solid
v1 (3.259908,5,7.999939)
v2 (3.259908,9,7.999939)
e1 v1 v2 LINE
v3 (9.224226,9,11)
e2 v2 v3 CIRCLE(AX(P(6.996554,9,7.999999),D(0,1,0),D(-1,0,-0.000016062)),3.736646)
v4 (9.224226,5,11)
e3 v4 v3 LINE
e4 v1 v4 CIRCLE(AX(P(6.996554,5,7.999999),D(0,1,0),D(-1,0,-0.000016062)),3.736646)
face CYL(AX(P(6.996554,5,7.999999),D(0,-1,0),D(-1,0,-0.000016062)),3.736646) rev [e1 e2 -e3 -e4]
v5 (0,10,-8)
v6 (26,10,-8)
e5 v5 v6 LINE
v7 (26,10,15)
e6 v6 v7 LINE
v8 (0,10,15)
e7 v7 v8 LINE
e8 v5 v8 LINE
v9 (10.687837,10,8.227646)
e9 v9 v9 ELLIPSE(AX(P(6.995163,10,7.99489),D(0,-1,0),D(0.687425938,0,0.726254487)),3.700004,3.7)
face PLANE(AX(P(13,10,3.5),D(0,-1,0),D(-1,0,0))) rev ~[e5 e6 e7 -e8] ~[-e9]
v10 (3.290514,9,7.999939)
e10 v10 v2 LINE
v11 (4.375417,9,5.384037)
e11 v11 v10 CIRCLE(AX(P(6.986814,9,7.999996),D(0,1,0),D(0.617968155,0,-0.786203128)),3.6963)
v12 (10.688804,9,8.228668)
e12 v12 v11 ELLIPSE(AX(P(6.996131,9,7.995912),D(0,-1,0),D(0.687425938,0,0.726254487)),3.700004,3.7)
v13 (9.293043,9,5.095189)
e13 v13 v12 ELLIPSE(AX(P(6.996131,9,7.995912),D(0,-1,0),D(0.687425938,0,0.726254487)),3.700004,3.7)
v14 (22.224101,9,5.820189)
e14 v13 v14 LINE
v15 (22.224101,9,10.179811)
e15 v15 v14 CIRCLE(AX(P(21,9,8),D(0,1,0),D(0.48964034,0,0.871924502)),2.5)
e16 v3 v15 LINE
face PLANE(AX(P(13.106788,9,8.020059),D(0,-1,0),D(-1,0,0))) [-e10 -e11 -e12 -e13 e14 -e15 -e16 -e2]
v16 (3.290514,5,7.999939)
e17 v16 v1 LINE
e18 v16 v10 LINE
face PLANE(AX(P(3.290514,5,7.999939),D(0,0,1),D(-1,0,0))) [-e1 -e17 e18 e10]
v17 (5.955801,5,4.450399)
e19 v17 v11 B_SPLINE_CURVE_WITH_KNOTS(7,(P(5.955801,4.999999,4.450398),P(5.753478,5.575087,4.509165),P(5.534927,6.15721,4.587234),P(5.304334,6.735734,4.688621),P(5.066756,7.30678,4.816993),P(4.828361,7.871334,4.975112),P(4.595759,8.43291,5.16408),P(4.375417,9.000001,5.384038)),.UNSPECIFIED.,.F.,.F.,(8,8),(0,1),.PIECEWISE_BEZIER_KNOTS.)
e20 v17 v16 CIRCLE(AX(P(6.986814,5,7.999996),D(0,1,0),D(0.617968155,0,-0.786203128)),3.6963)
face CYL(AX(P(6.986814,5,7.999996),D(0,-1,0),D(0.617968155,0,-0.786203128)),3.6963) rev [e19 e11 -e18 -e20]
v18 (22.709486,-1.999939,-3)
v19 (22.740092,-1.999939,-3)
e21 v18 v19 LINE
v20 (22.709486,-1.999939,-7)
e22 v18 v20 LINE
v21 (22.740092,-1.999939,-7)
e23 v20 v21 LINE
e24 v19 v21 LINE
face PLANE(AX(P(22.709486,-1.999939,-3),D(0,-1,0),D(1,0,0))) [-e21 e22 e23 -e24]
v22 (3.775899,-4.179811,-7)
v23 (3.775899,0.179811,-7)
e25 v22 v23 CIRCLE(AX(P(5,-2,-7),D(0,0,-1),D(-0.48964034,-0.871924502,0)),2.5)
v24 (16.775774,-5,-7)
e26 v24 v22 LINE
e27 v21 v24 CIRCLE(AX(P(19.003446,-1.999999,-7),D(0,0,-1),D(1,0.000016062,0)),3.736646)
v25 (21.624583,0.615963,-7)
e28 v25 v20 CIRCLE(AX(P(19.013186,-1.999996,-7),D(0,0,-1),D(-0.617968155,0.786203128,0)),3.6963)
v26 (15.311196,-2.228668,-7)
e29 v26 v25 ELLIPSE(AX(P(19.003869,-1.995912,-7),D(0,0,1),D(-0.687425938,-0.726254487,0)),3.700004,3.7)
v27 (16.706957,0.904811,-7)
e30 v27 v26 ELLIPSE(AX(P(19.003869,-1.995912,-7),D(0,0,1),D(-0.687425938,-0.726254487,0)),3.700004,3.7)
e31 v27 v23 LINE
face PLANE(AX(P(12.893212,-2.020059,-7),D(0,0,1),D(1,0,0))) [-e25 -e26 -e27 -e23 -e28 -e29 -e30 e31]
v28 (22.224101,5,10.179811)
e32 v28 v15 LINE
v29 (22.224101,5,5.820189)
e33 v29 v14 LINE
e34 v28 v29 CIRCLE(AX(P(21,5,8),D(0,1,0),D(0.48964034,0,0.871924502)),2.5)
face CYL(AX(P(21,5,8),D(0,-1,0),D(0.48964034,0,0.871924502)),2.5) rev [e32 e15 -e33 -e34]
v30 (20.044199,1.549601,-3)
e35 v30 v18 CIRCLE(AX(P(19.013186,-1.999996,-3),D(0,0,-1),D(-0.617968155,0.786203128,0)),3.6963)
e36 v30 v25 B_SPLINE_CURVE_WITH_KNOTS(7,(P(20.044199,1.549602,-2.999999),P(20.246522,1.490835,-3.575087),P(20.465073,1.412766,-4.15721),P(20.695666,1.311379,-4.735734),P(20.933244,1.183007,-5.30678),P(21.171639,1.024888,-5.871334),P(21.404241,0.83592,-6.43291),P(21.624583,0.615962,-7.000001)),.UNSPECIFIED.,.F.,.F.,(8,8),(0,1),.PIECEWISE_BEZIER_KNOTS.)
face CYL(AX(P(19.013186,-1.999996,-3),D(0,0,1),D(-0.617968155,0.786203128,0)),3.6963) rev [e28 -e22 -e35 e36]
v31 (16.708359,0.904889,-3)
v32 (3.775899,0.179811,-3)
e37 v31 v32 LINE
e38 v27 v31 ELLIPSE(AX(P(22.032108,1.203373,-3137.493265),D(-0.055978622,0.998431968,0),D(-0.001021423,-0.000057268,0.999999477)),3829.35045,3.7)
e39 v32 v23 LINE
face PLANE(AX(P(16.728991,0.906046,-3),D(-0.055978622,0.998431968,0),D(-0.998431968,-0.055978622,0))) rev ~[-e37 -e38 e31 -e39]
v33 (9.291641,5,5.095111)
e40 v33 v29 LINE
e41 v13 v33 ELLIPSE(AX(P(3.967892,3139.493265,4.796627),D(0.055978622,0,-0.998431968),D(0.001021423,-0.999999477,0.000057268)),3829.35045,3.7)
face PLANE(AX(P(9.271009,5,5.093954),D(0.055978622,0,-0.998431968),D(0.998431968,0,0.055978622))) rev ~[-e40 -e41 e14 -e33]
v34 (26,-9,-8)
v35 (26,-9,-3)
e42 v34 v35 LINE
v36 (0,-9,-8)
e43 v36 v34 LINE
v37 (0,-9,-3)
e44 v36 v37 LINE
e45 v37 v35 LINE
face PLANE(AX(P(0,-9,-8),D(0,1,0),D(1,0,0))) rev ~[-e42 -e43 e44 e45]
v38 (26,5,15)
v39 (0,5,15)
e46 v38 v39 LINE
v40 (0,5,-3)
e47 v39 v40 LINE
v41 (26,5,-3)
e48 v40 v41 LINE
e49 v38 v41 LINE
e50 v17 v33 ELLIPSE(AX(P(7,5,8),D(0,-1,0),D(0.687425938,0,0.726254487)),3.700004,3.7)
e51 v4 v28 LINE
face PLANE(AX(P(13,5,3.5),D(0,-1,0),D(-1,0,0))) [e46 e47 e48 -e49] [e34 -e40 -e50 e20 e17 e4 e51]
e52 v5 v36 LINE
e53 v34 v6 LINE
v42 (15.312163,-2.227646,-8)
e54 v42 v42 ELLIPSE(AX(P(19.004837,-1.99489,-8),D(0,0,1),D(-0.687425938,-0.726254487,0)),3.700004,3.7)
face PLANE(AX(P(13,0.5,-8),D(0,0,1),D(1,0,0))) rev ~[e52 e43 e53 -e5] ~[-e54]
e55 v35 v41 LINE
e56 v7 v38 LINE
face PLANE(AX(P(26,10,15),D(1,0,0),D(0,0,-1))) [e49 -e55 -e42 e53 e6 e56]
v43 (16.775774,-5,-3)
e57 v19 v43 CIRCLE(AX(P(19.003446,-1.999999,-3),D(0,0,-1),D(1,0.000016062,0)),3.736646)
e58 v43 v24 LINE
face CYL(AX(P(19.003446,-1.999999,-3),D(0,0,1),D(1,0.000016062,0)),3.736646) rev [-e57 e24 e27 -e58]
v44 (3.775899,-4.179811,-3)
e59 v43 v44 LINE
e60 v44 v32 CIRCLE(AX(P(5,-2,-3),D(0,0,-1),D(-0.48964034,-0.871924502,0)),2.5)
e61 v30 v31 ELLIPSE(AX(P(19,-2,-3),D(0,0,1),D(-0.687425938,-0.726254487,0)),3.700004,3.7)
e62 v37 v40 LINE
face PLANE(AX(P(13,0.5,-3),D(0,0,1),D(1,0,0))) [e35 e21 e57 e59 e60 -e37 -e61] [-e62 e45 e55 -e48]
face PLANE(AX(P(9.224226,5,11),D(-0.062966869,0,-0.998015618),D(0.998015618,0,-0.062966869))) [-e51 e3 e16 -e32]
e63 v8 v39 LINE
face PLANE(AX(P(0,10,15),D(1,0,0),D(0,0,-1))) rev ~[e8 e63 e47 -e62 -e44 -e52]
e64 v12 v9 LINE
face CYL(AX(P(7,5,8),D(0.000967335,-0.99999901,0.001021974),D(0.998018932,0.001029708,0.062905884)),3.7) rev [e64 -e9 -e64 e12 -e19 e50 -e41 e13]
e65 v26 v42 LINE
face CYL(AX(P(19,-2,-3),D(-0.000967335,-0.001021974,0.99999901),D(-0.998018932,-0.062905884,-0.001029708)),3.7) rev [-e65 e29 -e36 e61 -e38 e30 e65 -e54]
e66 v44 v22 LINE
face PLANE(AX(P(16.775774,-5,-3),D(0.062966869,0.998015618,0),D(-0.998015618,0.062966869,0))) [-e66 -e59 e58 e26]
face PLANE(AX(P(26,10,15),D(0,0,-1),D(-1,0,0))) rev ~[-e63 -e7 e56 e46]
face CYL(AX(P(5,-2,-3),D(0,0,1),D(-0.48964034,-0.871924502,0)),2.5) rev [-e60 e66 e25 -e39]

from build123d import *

# Parameters (mm, degrees)
CYLINDER021_R               = 3.7
CYLINDER021_DEPTH           = 8
CYLINDER021_ROLL_ANGLE      = 89.941329
CYLINDER021_PITCH_ANGLE     = 3.606623
CYLINDER021_PLACEMENT_ANGLE = -0.059115
PAD028_DEPTH                = 4
FUSION020_ROLL_ANGLE        = 90
FUSION020_PLACEMENT_ANGLE   = 180
BOX005_W                    = 26
BOX005_H                    = 23
BOX005_DEPTH                = 5
CUT025_ROLL_ANGLE           = -90
CUT025_PLACEMENT_ANGLE      = 180
CYLINDER020_R               = 3.7
CYLINDER020_DEPTH           = 8
CYLINDER020_ROLL_ANGLE      = 89.941329
CYLINDER020_PITCH_ANGLE     = 3.606623
CYLINDER020_PLACEMENT_ANGLE = -0.059115
PAD027_DEPTH                = 4
FUSION019_ROLL_ANGLE        = 90
FUSION019_PLACEMENT_ANGLE   = 180
BOX004_W                    = 26
BOX004_H                    = 19
BOX004_DEPTH                = 5


with BuildPart() as cylinder021:
    # Cylinder021 → Cylinder021 (new body)
    with BuildSketch(Plane.XY):
        Circle(CYLINDER021_R)
    extrude(amount=CYLINDER021_DEPTH)


with BuildPart() as cylinder021_1:
    # Cylinder021 roll: moved
    add(cylinder021.part.rotate(Axis((0, 0, 0), (1, 0, 0)), CYLINDER021_ROLL_ANGLE))


with BuildPart() as cylinder021_2:
    # Cylinder021 pitch: moved
    add(cylinder021_1.part.rotate(Axis((0, 0, 0), (0, 1, 0)), CYLINDER021_PITCH_ANGLE))


with BuildPart() as cylinder021_3:
    # Cylinder021 placement: moved
    add(cylinder021_2.part.moved(Location((21, 34, 6))).rotate(Axis((21, 34, 6), (0, 0, 1)), CYLINDER021_PLACEMENT_ANGLE))


with BuildPart() as servoagarre009:
    # Sketch028 → Pad028 (new body)
    with BuildSketch(Plane.XZ):
        with BuildLine():
            Line((2.271009, 2.906046), (15.224101, 2.179811))
            ThreePointArc((15.224101, -2.179811), (16.5, 0), (15.224101, 2.179811))
            Line((2.224226, -3), (15.224101, -2.179811))
            ThreePointArc((-3.740092, 6.1e-05), (-1.682535, -3.33814), (2.224226, -3))
            Line((-3.709486, 6.1e-05), (-3.740092, 6.1e-05))
            ThreePointArc((2.271009, 2.906046), (-1.628642, 3.324599), (-3.709486, 6.1e-05))
        make_face()
    extrude(amount=PAD028_DEPTH)


with BuildPart() as servoagarre009_1:
    # Body031 placement: moved
    add(servoagarre009.part.moved(Location((21, 34, 6))))

    # Fusion020: union Cylinder021
    add(cylinder021_3.part)


with BuildPart() as servoagarre009_2:
    # Fusion020 roll: moved
    add(servoagarre009_1.part.rotate(Axis((0, 0, 0), (1, 0, 0)), FUSION020_ROLL_ANGLE))


with BuildPart() as servoagarre009_3:
    # Fusion020 placement: moved
    add(servoagarre009_2.part.moved(Location((40, -8, -37))).rotate(Axis((40, -8, -37), (0, 0, 1)), FUSION020_PLACEMENT_ANGLE))


with BuildPart() as cut025:
    # Box005 → Box005 (new body)
    with BuildSketch(Plane(origin=(0, -9, -8), x_dir=(1, 0, 0), z_dir=(0, 0, 1))):
        with Locations((13, 11.5)):
            Rectangle(BOX005_W, BOX005_H)
    extrude(amount=BOX005_DEPTH)

    # Cut025: cut ServoAgarre009
    add(servoagarre009_3.part, mode=Mode.SUBTRACT)


with BuildPart() as cut025_1:
    # Cut025 roll: moved
    add(cut025.part.rotate(Axis((0, 0, 0), (1, 0, 0)), CUT025_ROLL_ANGLE))


with BuildPart() as cut025_2:
    # Cut025 placement: moved
    add(cut025_1.part.moved(Location((26, 2, 6))).rotate(Axis((26, 2, 6), (0, 0, 1)), CUT025_PLACEMENT_ANGLE))


with BuildPart() as cylinder020:
    # Cylinder020 → Cylinder020 (new body)
    with BuildSketch(Plane.XY):
        Circle(CYLINDER020_R)
    extrude(amount=CYLINDER020_DEPTH)


with BuildPart() as cylinder020_1:
    # Cylinder020 roll: moved
    add(cylinder020.part.rotate(Axis((0, 0, 0), (1, 0, 0)), CYLINDER020_ROLL_ANGLE))


with BuildPart() as cylinder020_2:
    # Cylinder020 pitch: moved
    add(cylinder020_1.part.rotate(Axis((0, 0, 0), (0, 1, 0)), CYLINDER020_PITCH_ANGLE))


with BuildPart() as cylinder020_3:
    # Cylinder020 placement: moved
    add(cylinder020_2.part.moved(Location((21, 34, 6))).rotate(Axis((21, 34, 6), (0, 0, 1)), CYLINDER020_PLACEMENT_ANGLE))


with BuildPart() as servoagarre008:
    # Sketch027 → Pad027 (new body)
    with BuildSketch(Plane.XZ):
        with BuildLine():
            Line((2.271009, 2.906046), (15.224101, 2.179811))
            ThreePointArc((15.224101, -2.179811), (16.5, 0), (15.224101, 2.179811))
            Line((2.224226, -3), (15.224101, -2.179811))
            ThreePointArc((-3.740092, 6.1e-05), (-1.682535, -3.33814), (2.224226, -3))
            Line((-3.709486, 6.1e-05), (-3.740092, 6.1e-05))
            ThreePointArc((2.271009, 2.906046), (-1.628642, 3.324599), (-3.709486, 6.1e-05))
        make_face()
    extrude(amount=PAD027_DEPTH)


with BuildPart() as servoagarre008_1:
    # Body030 placement: moved
    add(servoagarre008.part.moved(Location((21, 34, 6))))

    # Fusion019: union Cylinder020
    add(cylinder020_3.part)


with BuildPart() as servoagarre008_2:
    # Fusion019 roll: moved
    add(servoagarre008_1.part.rotate(Axis((0, 0, 0), (1, 0, 0)), FUSION019_ROLL_ANGLE))


with BuildPart() as servoagarre008_3:
    # Fusion019 placement: moved
    add(servoagarre008_2.part.moved(Location((40, -8, -37))).rotate(Axis((40, -8, -37), (0, 0, 1)), FUSION019_PLACEMENT_ANGLE))


with BuildPart() as fusion021:
    # Box004 → Box004 (new body)
    with BuildSketch(Plane(origin=(0, -9, -8), x_dir=(1, 0, 0), z_dir=(0, 0, 1))):
        with Locations((13, 9.5)):
            Rectangle(BOX004_W, BOX004_H)
    extrude(amount=BOX004_DEPTH)

    # Cut024: cut ServoAgarre008
    add(servoagarre008_3.part, mode=Mode.SUBTRACT)

    # Fusion021: union Cut025
    add(cut025_2.part)


solid = fusion021.part
